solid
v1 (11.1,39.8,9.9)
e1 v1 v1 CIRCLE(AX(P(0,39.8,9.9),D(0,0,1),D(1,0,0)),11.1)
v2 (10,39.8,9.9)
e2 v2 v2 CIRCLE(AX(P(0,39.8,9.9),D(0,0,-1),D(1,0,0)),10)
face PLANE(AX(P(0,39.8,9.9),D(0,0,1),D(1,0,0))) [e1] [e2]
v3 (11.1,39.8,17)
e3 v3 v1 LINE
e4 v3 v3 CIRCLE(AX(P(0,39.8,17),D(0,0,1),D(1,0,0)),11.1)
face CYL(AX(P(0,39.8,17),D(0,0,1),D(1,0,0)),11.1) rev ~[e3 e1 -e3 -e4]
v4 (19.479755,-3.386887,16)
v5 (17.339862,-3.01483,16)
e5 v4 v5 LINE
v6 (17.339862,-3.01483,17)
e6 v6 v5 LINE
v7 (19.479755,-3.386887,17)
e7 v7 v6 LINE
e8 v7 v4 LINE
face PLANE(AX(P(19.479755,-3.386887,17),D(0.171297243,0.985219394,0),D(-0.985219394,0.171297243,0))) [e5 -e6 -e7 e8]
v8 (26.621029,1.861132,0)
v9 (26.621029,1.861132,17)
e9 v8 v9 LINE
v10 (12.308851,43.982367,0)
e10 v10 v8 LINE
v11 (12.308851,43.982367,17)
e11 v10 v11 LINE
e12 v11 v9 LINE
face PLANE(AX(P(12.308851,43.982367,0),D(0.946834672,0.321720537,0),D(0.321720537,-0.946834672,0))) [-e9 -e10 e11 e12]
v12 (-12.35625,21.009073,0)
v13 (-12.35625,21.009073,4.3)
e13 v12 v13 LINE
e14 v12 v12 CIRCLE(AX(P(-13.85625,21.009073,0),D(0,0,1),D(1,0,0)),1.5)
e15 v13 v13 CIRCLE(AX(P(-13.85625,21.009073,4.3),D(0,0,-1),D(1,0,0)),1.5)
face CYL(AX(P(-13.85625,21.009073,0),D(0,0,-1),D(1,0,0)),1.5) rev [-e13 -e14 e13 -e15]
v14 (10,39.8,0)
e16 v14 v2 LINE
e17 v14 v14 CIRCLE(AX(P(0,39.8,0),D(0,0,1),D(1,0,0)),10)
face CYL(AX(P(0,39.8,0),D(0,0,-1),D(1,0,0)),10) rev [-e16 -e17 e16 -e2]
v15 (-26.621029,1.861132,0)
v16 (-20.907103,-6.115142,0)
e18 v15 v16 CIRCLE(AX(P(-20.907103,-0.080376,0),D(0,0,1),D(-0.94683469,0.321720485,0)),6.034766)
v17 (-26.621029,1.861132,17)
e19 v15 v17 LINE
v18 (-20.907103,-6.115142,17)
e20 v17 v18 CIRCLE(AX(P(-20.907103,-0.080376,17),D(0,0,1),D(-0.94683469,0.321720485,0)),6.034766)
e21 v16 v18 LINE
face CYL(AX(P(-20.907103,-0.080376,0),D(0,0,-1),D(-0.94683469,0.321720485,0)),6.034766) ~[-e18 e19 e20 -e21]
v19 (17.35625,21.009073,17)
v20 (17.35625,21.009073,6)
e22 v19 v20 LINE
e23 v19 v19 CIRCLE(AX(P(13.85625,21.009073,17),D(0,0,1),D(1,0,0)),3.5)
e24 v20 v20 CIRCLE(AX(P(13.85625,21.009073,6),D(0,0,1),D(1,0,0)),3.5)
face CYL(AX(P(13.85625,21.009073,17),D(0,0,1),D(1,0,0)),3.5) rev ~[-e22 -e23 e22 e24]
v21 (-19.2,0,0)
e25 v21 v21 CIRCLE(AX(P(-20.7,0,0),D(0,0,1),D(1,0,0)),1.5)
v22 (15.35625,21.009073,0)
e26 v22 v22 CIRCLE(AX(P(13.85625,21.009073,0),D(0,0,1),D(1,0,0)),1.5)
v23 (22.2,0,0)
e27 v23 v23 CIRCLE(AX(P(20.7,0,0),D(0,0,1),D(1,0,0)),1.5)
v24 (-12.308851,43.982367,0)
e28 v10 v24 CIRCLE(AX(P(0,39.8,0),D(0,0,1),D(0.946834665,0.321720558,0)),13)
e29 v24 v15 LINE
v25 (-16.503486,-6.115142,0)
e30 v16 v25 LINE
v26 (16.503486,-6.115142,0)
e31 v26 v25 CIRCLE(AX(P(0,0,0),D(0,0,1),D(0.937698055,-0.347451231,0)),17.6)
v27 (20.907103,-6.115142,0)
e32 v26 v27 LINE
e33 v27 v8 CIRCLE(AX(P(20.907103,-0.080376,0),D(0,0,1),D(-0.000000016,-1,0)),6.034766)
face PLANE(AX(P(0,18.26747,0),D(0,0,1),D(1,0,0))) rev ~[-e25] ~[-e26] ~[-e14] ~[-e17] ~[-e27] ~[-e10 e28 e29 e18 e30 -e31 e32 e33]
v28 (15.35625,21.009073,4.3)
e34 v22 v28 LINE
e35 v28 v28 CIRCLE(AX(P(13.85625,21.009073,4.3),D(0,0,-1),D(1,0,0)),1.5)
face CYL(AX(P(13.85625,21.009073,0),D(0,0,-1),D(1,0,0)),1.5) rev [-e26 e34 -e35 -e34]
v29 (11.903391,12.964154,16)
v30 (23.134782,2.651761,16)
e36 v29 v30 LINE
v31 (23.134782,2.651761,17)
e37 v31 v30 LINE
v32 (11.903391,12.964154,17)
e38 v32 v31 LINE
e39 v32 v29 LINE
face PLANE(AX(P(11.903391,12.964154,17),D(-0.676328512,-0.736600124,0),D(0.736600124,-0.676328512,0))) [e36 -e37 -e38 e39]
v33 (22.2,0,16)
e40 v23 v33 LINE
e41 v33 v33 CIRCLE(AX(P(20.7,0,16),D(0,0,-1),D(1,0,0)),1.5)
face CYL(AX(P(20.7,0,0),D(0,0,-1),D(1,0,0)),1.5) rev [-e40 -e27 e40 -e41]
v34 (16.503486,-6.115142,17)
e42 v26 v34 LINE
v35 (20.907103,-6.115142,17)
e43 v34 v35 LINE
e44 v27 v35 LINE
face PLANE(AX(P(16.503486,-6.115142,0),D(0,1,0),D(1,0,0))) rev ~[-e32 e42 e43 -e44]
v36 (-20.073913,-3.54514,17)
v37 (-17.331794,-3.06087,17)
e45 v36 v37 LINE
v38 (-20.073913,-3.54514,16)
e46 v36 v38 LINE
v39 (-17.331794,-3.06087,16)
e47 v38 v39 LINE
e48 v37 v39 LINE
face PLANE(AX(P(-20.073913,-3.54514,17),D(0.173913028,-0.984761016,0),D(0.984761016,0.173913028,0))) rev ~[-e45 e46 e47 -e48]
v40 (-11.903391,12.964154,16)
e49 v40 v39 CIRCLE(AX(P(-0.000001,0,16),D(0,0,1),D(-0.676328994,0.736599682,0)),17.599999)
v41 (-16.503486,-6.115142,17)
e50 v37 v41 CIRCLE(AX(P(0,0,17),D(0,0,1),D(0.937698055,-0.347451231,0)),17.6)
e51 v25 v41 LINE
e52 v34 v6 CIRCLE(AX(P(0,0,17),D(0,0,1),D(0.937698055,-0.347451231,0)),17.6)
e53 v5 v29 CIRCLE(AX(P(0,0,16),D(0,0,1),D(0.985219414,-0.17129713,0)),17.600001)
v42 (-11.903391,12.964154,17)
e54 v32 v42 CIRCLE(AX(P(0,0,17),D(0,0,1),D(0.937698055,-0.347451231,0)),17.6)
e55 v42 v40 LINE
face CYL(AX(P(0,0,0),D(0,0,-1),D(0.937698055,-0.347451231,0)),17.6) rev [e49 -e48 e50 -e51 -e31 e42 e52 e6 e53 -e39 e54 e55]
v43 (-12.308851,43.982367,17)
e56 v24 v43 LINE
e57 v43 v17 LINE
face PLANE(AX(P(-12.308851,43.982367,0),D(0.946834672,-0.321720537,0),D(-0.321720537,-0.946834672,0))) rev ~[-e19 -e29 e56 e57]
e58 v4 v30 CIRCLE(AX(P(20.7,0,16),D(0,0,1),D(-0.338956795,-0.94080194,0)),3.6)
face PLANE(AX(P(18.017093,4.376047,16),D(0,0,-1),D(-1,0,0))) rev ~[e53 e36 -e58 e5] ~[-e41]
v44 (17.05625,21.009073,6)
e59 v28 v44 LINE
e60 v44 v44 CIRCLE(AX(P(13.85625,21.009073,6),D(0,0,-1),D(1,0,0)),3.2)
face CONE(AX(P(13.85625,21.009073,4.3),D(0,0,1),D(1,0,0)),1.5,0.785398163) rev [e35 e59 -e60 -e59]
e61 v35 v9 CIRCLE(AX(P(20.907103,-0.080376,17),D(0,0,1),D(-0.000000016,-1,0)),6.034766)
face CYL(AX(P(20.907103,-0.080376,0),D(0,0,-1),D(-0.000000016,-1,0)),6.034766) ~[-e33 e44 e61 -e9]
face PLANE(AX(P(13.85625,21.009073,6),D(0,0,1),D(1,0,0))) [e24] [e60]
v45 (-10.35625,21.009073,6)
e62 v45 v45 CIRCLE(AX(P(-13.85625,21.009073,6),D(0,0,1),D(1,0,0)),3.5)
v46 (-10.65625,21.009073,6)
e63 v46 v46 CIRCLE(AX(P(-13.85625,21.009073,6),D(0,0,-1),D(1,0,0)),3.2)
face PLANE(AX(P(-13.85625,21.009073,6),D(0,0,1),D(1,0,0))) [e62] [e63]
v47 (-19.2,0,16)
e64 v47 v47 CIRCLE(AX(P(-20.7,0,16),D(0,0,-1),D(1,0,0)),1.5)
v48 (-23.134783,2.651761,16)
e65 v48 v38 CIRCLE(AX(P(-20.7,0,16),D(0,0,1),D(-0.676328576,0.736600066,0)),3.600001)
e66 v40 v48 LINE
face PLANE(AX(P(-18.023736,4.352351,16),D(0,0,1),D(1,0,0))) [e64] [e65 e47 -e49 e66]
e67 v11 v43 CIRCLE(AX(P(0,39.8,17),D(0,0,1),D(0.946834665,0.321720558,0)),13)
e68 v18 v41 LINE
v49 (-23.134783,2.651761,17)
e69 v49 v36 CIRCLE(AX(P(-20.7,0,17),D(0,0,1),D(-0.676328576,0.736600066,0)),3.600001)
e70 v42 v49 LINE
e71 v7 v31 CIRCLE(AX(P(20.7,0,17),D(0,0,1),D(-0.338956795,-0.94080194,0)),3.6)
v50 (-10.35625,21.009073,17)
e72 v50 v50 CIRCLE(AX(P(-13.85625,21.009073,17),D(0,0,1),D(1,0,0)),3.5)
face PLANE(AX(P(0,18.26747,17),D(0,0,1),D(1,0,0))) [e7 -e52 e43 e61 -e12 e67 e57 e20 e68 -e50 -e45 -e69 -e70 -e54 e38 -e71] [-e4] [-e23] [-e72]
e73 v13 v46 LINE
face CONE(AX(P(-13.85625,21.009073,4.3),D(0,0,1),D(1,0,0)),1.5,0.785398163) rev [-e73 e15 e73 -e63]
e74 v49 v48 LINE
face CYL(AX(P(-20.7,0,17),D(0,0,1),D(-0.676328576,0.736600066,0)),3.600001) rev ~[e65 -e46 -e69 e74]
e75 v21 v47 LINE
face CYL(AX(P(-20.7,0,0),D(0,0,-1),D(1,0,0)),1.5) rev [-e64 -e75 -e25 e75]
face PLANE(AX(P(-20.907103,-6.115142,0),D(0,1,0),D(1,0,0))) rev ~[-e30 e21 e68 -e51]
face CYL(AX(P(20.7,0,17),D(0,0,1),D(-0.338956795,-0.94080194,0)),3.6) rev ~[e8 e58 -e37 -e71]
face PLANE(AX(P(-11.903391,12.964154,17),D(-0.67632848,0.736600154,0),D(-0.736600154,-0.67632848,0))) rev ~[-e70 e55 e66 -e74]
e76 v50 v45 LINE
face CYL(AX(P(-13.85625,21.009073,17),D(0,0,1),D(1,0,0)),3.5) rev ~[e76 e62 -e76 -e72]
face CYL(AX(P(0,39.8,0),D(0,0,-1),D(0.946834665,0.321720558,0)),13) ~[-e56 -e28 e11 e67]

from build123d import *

# Parameters (mm, degrees)
SKETCH_R        = 10
SKETCH_R_2      = 1.5
EXTRUDE_DEPTH   = 17
SKETCH001_R     = 11.1
POCKET_DEPTH    = 7.1
SKETCH002_R     = 3.5
POCKET001_DEPTH = 11
CHAMFER_SIZE    = 1.7
POCKET002_DEPTH = 1


with BuildPart() as part:
    # Sketch → Extrude (new body)
    with BuildSketch(Plane.XY):
        with BuildLine():
            Line((-12.308851, 43.982367), (-26.621029, 1.861132))
            ThreePointArc((-26.621029, 1.861132), (-25.812964, -3.594765), (-20.907103, -6.115142))
            Line((-20.907103, -6.115142), (-16.503486, -6.115142))
            ThreePointArc((16.503486, -6.115142), (0, 17.6), (-16.503486, -6.115142))
            Line((16.503486, -6.115142), (20.907103, -6.115142))
            ThreePointArc((20.907103, -6.115142), (25.812964, -3.594765), (26.621029, 1.861132))
            Line((12.308851, 43.982367), (26.621029, 1.861132))
            ThreePointArc((12.308851, 43.982367), (0, 52.8), (-12.308851, 43.982367))
        make_face()
        with Locations((0, 39.8)):
            Circle(SKETCH_R, mode=Mode.SUBTRACT)
        with Locations((-13.85625, 21.009073)):
            Circle(SKETCH_R_2, mode=Mode.SUBTRACT)
        with Locations((13.85625, 21.009073)):
            Circle(SKETCH_R_2, mode=Mode.SUBTRACT)
        with Locations((20.7, 0)):
            Circle(SKETCH_R_2, mode=Mode.SUBTRACT)
        with Locations((-20.7, 0)):
            Circle(SKETCH_R_2, mode=Mode.SUBTRACT)
    extrude(amount=EXTRUDE_DEPTH)

    # Sketch001 → Pocket (cut)
    with BuildSketch(Plane.XY.offset(17)):
        with Locations((0, 39.8)):
            Circle(SKETCH001_R)
    extrude(amount=-POCKET_DEPTH, mode=Mode.SUBTRACT)

    # Sketch002 → Pocket001 (cut)
    with BuildSketch(Plane.XY.offset(17)):
        with Locations((-13.85625, 21.009073)):
            Circle(SKETCH002_R)
        with Locations((13.85625, 21.009073)):
            Circle(SKETCH002_R)
    extrude(amount=-POCKET001_DEPTH, mode=Mode.SUBTRACT)

    # Chamfer
    chamfer_edges = [part.edges().sort_by_distance(p)[0] for p in [
        (12.35625, 21.009073, 6),
        (-15.35625, 21.009073, 6),
    ]]
    chamfer(chamfer_edges, length=CHAMFER_SIZE)

    # Sketch003 → Pocket002 (cut)
    with BuildSketch(Plane.XY.offset(17)):
        with BuildLine():
            Line((-11.903391, 12.964154), (-23.134783, 2.651761))
            ThreePointArc((-23.134783, 2.651761), (-23.92773, -1.59429), (-20.073913, -3.54514))
            Line((-20.073913, -3.54514), (-17.331794, -3.06087))
            ThreePointArc((-11.903391, 12.964154), (-16.669564, 5.646738), (-17.331794, -3.06087))
        make_face()
        with BuildLine():
            Line((11.903391, 12.964154), (23.134782, 2.651761))
            ThreePointArc((19.479755, -3.386887), (23.779787, -1.864111), (23.134782, 2.651761))
            Line((19.479755, -3.386887), (17.339862, -3.01483))
            ThreePointArc((17.339862, -3.01483), (16.662051, 5.668868), (11.903391, 12.964154))
        make_face()
    extrude(amount=-POCKET002_DEPTH, mode=Mode.SUBTRACT)


solid = part.part
